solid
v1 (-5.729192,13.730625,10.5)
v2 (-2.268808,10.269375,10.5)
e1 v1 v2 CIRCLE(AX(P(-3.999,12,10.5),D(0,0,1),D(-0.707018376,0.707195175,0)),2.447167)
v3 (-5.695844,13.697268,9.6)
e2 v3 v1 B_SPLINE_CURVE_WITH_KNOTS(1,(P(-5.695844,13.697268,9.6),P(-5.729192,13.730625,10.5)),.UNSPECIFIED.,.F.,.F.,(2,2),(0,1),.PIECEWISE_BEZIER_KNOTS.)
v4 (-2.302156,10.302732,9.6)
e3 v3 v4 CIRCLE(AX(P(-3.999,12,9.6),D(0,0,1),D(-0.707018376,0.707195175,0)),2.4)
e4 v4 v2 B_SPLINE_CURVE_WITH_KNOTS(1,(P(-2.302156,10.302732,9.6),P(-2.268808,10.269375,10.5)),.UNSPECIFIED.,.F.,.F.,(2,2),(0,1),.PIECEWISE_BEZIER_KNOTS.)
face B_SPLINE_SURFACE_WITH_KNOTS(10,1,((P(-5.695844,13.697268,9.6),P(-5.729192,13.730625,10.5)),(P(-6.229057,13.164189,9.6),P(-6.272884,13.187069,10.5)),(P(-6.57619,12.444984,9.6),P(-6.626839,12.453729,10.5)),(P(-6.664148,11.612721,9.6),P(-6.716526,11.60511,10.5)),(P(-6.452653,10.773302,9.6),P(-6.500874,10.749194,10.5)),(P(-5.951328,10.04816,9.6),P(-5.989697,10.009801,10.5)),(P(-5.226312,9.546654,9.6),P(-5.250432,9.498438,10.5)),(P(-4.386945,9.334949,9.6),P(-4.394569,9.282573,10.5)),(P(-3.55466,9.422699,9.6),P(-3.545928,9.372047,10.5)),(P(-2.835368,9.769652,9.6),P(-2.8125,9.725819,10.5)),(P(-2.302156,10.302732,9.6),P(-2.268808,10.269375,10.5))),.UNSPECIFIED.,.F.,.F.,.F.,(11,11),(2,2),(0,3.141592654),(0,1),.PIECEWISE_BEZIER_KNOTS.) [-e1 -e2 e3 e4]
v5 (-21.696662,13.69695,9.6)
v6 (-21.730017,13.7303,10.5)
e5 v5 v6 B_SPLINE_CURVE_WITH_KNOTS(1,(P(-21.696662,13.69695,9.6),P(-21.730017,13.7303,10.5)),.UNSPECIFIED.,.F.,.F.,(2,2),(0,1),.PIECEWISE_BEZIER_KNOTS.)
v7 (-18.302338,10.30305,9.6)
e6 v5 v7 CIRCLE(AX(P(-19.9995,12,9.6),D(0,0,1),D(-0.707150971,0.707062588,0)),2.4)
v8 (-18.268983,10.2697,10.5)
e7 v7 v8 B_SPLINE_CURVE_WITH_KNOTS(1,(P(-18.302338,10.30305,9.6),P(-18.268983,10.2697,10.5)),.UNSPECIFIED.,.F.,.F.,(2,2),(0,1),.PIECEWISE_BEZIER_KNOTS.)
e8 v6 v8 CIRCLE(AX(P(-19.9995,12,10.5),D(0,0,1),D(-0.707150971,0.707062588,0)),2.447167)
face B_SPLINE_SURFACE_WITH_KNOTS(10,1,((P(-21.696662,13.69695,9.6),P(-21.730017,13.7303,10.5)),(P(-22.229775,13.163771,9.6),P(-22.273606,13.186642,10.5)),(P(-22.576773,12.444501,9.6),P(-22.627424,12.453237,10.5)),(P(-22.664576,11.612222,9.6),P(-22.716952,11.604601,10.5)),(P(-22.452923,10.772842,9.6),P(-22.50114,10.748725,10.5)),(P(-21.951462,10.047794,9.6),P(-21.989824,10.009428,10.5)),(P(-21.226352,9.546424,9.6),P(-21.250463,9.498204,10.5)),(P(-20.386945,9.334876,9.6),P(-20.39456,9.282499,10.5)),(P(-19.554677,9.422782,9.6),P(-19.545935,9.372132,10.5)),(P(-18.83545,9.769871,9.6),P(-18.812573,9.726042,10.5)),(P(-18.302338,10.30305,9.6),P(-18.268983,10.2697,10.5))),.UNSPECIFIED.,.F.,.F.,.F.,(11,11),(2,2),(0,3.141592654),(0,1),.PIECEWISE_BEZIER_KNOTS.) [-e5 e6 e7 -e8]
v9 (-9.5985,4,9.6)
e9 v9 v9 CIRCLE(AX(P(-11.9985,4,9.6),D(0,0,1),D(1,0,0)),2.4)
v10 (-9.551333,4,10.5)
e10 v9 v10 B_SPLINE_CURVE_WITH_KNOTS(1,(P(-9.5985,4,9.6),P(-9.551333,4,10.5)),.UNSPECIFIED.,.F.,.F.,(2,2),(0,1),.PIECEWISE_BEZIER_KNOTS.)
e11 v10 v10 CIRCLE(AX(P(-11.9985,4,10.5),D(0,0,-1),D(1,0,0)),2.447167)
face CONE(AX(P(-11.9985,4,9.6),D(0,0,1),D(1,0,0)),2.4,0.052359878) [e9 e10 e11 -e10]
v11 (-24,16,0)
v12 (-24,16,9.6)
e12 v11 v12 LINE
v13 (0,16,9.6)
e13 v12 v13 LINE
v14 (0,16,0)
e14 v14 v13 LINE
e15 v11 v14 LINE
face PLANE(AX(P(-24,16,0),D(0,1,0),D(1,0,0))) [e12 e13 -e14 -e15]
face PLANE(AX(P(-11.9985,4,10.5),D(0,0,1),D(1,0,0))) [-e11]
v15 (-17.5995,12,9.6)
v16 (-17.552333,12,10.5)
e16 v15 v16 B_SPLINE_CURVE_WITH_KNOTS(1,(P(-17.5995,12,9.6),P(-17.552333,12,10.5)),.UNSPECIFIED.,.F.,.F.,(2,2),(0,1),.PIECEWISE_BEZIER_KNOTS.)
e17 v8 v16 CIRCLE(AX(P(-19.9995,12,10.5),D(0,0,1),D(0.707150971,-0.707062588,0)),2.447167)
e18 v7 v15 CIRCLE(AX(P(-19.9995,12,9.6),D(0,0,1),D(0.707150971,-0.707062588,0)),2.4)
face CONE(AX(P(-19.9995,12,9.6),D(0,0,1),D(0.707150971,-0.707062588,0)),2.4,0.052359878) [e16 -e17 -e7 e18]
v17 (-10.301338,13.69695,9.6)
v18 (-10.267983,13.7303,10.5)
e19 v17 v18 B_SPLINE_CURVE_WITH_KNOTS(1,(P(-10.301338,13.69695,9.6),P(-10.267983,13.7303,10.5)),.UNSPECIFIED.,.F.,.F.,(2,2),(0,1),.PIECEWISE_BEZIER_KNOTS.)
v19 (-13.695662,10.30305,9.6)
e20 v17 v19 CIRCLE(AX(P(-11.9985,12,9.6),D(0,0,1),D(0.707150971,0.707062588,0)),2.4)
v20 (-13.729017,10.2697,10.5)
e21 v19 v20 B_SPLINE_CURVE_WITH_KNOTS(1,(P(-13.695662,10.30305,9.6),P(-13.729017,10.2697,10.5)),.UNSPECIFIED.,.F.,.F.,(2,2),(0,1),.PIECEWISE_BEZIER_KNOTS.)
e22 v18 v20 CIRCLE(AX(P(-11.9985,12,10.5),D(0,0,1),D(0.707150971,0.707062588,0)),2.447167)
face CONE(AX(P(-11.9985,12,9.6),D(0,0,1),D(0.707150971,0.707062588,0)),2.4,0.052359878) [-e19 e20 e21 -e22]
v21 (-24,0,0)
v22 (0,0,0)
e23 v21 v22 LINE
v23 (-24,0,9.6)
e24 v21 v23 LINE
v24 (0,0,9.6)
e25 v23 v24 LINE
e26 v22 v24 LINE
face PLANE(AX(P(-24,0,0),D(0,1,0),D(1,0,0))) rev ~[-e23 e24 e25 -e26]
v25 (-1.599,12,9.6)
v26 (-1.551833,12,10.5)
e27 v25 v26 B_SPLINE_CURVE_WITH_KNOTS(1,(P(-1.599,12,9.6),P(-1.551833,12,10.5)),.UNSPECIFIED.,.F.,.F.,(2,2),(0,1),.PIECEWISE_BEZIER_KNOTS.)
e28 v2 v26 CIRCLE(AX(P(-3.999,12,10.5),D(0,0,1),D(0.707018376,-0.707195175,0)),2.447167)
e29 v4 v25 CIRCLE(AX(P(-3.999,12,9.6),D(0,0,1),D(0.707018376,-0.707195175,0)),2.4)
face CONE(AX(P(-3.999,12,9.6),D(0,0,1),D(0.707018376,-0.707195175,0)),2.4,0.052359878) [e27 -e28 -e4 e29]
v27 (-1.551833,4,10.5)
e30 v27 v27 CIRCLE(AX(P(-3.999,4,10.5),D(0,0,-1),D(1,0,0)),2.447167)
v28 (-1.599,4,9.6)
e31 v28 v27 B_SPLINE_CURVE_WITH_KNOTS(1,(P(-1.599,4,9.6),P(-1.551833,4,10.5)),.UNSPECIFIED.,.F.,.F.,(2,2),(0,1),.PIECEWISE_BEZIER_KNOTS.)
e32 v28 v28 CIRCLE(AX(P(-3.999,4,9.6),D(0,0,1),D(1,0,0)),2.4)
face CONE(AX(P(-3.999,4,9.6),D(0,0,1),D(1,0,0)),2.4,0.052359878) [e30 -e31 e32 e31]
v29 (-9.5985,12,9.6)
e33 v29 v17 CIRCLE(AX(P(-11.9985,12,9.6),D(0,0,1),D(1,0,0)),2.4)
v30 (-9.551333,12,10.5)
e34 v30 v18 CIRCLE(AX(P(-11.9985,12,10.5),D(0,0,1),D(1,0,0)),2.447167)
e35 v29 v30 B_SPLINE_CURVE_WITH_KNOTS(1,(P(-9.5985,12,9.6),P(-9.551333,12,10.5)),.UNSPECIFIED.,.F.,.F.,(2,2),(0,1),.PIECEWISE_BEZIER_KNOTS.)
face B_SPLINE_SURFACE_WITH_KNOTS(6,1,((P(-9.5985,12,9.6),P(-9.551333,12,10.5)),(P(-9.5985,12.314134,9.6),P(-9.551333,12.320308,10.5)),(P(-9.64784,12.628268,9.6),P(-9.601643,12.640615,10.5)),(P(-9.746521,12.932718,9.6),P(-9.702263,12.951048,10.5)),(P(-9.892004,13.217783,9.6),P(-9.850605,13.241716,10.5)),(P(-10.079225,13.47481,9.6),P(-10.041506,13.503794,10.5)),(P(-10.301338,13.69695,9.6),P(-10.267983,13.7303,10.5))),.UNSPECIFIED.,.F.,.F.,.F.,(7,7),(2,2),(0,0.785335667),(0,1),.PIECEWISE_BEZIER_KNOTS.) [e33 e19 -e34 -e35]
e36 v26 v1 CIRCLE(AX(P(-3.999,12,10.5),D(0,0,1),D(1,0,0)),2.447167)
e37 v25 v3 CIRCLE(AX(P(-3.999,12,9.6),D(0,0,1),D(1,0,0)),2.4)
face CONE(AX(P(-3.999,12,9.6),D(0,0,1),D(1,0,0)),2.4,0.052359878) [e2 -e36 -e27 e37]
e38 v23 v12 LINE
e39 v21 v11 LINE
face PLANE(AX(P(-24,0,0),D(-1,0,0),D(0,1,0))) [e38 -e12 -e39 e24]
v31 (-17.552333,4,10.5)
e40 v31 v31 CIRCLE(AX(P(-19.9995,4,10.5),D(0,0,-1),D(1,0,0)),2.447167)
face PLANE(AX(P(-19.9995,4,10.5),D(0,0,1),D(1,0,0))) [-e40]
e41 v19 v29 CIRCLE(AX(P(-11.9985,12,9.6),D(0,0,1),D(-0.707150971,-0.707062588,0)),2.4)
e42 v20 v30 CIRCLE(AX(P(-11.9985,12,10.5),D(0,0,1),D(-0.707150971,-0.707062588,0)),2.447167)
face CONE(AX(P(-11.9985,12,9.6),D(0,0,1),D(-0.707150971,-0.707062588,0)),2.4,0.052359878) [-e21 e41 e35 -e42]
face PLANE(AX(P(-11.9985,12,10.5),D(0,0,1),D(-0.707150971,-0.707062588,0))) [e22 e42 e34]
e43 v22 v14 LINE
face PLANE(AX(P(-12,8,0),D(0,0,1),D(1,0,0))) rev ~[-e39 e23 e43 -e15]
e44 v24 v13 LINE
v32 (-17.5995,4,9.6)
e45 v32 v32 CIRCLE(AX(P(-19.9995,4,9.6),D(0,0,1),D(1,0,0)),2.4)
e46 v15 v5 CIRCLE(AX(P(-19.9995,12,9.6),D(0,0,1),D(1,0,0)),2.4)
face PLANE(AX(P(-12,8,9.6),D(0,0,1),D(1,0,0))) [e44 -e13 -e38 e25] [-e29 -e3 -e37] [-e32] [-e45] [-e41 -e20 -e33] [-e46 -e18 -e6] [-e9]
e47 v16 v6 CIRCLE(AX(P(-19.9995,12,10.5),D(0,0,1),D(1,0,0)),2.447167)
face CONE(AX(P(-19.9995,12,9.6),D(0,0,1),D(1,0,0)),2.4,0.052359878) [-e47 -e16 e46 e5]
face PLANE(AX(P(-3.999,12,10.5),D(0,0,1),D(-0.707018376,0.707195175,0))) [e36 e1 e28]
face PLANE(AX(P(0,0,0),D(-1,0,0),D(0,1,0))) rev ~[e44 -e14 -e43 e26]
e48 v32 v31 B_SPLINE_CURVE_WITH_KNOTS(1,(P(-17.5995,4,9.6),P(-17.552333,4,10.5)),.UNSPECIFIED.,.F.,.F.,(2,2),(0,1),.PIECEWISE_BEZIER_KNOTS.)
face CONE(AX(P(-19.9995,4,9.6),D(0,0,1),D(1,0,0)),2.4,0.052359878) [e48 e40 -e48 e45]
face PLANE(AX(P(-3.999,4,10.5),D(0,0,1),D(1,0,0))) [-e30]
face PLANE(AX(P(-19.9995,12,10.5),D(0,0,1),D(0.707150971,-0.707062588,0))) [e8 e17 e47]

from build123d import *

# Parameters (mm, degrees)
F0_W     = 24
F0_H     = 16
F1_DEPTH = 9.6
F2_R     = 2.4
F3_DEPTH = 0.9
F3_TAPER = -3


with BuildPart() as f1:
    # F0 (on Top) → F1 (new body)
    with BuildSketch(Plane.XY):
        with Locations((-12, 8)):
            Rectangle(F0_W, F0_H)
    extrude(amount=F1_DEPTH)

    # F2 (on face) → F3 (join, symmetric)
    with BuildSketch(Plane.XY.offset(9.6)):
        with Locations((-19.9995, 4)):
            Circle(F2_R)
        with Locations((-11.9985, 4)):
            Circle(F2_R)
        with Locations((-3.999, 4)):
            Circle(F2_R)
        with BuildLine():
            ThreePointArc((-5.695844103, 13.6972684201), (-5.6962684201, 10.303155897), (-2.302155897, 10.3027315799))
            Line((-2.302155897, 10.3027315799), (-5.695844103, 13.6972684201))
        make_face()
        with BuildLine():
            Line((-5.695844103, 13.6972684201), (-2.302155897, 10.3027315799))
            ThreePointArc((-2.302155897, 10.3027315799), (-1.781746536, 11.0814211649), (-1.599, 12))
            ThreePointArc((-1.599, 12), (-3.0804211649, 14.217253464), (-5.695844103, 13.6972684201))
        make_face()
        with BuildLine():
            Line((-21.6966623309, 13.6969502121), (-18.3023376691, 10.3030497879))
            ThreePointArc((-18.3023376691, 10.3030497879), (-17.7821604236, 11.0816290494), (-17.5995, 12))
            ThreePointArc((-17.5995, 12), (-19.0811290494, 14.2173395764), (-21.6966623309, 13.6969502121))
        make_face()
        with BuildLine():
            ThreePointArc((-21.6966623309, 13.6969502121), (-21.6964502121, 10.3028376691), (-18.3023376691, 10.3030497879))
            Line((-18.3023376691, 10.3030497879), (-21.6966623309, 13.6969502121))
        make_face()
        with BuildLine():
            Line((-10.3013376691, 13.6969502121), (-13.6956623309, 10.3030497879))
            ThreePointArc((-13.6956623309, 10.3030497879), (-11.0801290494, 9.7826604236), (-9.5985, 12))
            ThreePointArc((-9.5985, 12), (-9.7811604236, 12.9183709506), (-10.3013376691, 13.6969502121))
        make_face()
        with BuildLine():
            ThreePointArc((-10.3013376691, 13.6969502121), (-13.6954502121, 13.6971623309), (-13.6956623309, 10.3030497879))
            Line((-13.6956623309, 10.3030497879), (-10.3013376691, 13.6969502121))
        make_face()
    extrude(amount=F3_DEPTH, both=True, taper=F3_TAPER)


solid = f1.part
